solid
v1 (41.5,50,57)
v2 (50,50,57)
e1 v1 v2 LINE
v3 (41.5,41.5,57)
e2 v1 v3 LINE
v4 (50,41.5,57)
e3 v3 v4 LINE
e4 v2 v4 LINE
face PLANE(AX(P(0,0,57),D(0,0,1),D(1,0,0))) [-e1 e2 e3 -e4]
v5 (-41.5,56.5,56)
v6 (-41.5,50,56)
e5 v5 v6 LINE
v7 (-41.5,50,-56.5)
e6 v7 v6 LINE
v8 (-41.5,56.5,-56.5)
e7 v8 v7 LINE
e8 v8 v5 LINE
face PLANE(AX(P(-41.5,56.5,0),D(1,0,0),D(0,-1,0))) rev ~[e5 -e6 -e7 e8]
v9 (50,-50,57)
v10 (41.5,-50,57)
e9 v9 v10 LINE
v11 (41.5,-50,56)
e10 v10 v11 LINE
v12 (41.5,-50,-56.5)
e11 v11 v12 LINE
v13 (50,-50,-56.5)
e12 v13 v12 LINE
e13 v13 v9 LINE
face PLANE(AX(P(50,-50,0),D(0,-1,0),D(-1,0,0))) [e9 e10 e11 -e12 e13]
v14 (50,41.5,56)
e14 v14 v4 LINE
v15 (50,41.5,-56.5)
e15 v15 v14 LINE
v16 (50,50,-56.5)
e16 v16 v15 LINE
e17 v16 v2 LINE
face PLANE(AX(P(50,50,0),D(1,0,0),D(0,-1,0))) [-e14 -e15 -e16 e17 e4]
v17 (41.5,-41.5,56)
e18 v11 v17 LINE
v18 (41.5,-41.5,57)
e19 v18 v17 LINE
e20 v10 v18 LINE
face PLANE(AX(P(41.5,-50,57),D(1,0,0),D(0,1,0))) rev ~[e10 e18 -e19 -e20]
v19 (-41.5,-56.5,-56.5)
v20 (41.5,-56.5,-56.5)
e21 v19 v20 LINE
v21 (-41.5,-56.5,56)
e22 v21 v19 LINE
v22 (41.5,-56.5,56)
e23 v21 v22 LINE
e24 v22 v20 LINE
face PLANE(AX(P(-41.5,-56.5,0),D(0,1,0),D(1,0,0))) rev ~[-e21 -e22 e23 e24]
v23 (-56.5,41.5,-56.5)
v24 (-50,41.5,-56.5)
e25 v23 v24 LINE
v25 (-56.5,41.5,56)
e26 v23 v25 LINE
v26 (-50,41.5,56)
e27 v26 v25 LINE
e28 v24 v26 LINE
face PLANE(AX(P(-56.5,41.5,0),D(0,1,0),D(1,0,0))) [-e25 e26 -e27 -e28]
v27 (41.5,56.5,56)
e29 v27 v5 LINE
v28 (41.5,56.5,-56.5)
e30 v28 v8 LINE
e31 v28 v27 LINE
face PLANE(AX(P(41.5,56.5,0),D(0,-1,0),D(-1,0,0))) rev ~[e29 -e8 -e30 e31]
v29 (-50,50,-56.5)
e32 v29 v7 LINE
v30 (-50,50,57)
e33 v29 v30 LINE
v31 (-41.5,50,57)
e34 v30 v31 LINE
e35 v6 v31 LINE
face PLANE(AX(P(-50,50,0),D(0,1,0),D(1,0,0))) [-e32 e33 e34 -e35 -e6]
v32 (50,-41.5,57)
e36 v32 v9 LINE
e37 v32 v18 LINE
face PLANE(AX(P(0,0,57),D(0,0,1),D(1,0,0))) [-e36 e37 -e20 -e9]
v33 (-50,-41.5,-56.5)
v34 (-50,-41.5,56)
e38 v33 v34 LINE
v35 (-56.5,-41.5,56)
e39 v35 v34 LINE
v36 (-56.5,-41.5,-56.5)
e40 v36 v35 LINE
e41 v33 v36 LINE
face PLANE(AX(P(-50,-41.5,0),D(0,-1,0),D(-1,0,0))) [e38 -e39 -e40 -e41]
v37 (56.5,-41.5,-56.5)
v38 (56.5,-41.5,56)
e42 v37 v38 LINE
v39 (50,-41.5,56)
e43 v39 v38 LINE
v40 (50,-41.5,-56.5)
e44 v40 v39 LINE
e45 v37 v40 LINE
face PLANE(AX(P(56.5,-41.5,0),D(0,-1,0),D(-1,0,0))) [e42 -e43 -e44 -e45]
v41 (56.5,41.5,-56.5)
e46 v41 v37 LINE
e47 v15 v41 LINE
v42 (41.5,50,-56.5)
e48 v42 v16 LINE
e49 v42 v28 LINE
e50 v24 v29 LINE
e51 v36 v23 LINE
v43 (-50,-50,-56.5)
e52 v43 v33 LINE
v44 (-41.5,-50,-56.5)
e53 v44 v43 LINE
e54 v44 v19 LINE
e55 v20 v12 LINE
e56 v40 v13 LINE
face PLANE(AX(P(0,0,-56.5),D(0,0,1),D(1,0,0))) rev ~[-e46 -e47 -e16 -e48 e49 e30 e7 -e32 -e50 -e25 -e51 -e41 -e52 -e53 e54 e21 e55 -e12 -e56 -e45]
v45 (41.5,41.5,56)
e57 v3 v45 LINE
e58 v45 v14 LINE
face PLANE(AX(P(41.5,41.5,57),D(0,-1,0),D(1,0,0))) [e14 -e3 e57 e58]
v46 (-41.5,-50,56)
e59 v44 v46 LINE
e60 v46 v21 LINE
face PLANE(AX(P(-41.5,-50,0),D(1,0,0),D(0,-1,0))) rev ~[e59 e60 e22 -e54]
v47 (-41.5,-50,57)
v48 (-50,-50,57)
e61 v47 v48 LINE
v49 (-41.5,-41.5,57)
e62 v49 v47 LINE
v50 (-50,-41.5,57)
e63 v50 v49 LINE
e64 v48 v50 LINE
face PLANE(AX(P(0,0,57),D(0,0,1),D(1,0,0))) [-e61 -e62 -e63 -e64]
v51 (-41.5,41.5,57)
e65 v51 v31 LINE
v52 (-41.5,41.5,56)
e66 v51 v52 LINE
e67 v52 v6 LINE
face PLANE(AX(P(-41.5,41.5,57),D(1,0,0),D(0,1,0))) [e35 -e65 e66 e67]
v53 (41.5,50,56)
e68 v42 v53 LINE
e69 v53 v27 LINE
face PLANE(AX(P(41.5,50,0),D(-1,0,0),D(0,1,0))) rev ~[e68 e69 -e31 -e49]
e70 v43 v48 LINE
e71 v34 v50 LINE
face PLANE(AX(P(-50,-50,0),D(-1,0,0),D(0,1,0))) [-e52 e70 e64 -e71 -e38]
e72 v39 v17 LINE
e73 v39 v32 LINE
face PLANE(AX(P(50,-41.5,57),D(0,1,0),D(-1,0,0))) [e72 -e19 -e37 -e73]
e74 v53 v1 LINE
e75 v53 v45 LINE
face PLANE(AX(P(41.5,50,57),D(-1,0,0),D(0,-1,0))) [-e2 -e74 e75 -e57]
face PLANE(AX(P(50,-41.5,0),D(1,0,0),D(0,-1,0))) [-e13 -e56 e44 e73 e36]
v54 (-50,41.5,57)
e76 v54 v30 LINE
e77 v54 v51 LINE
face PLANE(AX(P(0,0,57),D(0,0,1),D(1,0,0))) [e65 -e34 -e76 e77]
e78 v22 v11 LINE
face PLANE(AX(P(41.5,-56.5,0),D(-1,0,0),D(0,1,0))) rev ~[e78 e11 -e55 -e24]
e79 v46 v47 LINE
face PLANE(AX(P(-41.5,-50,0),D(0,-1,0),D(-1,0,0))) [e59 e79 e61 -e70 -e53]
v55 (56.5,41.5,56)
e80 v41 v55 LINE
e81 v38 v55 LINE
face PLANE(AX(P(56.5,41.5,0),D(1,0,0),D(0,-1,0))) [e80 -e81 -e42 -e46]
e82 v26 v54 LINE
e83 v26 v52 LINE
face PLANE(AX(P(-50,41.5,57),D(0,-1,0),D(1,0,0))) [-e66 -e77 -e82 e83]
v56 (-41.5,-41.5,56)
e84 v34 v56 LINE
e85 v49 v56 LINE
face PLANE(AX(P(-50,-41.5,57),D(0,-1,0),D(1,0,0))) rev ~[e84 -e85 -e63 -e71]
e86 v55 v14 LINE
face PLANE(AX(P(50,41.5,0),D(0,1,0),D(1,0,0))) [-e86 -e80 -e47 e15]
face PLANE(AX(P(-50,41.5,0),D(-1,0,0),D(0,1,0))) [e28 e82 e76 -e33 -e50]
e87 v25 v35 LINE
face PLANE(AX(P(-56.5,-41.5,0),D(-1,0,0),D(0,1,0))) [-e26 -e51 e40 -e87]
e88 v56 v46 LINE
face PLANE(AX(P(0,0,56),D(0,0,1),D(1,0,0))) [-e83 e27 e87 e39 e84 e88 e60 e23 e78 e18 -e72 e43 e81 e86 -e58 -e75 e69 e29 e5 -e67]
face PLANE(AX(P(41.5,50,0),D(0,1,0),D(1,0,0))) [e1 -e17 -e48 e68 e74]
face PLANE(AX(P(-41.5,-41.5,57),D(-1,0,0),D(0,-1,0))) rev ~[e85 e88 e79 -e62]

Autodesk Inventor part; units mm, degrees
ref_plane "YZ Plane" through (0, 0, 0) normal (1, 0, 0) x (0, 1, 0)
ref_plane "XZ Plane" through (0, 0, 0) normal (0, 1, 0) x (-1, 0, 0)
ref_plane "XY Plane" through (0, 0, 0) normal (0, 0, 1) x (1, 0, 0)
sketch "Sketch1" plane through (0, 0, 0) normal (0, 0, 1) x (1, 0, 0)
  line L0 (50, -50) -> (-50, -50)
  line L1 (-50, -50) -> (-50, 50)
  line L2 (-50, 50) -> (50, 50)
  line L3 (50, 50) -> (50, -50)
  line L4 (50, -50) -> (-50, 50) construction
  line L5 (-50, -50) -> (50, 50) construction
  line L6 (-50, -41.5) -> (-56.5, -41.5)
  line L7 (-56.5, -41.5) -> (-56.5, 41.5)
  line L8 (-56.5, 41.5) -> (-50, 41.5)
  line L9 (-50, 41.5) -> (-50, -41.5)
  line L10 (-41.5, 50) -> (41.5, 50)
  line L11 (41.5, 50) -> (41.5, 56.5)
  line L12 (41.5, 56.5) -> (-41.5, 56.5)
  line L13 (-41.5, 56.5) -> (-41.5, 50)
  line L14 (50, 41.5) -> (56.5, 41.5)
  line L15 (56.5, 41.5) -> (56.5, -41.5)
  line L16 (56.5, -41.5) -> (50, -41.5)
  line L17 (50, -41.5) -> (50, 41.5)
  line L18 (41.5, -50) -> (-41.5, -50)
  line L19 (-41.5, -50) -> (-41.5, -56.5)
  line L20 (-41.5, -56.5) -> (41.5, -56.5)
  line L21 (41.5, -56.5) -> (41.5, -50)
  point P0 (0, 0)
  point P1 (-50, 0)
  point P2 (0, 50)
  point P3 (50, 0)
  point P4 (0, -50)
  dimension "d0" = 100
  dimension "d1" = 6.5
  dimension "d2" = 8.5
extrude "Extrusion1" add sketch "Sketch1" along normal blind 57 and the other way blind 56.5
sketch "Sketch2" plane through (0, 0, 57) normal (0, 0, 1) x (1, 0, 0)
  line L0 (-41.5, -50) -> (-41.5, -56.5) projected
  line L1 (-41.5, -56.5) -> (41.5, -56.5) projected
  line L2 (41.5, -56.5) -> (41.5, -50) projected
  line L3 (41.5, -50) -> (50, -50) projected
  line L4 (50, -50) -> (50, -41.5) projected
  line L5 (50, -41.5) -> (56.5, -41.5) projected
  line L6 (56.5, -41.5) -> (56.5, 41.5) projected
  line L7 (56.5, 41.5) -> (50, 41.5) projected
  line L8 (50, 41.5) -> (50, 50) projected
  line L9 (50, 50) -> (41.5, 50) projected
  line L10 (41.5, 50) -> (41.5, 56.5) projected
  line L11 (41.5, 56.5) -> (-41.5, 56.5) projected
  line L12 (-41.5, 56.5) -> (-41.5, 50) projected
  line L13 (-41.5, 50) -> (-50, 50) projected
  line L14 (-50, 50) -> (-50, 41.5) projected
  line L15 (-50, 41.5) -> (-56.5, 41.5) projected
  line L16 (-56.5, 41.5) -> (-56.5, -41.5) projected
  line L17 (-56.5, -41.5) -> (-50, -41.5) projected
  line L18 (-50, -41.5) -> (-50, -50) projected
  line L19 (-50, -50) -> (-41.5, -50) projected
  line L20 (-50, -41.5) -> (-50, -50) projected
  line L21 (-50, -41.5) -> (-41.5, -41.5)
  line L22 (-41.5, -41.5) -> (-41.5, -50)
  line L23 (-50, 50) -> (-50, 41.5) projected
  line L24 (-50, 41.5) -> (-41.5, 41.5)
  line L25 (-41.5, 41.5) -> (-41.5, 50)
  line L26 (41.5, 56.5) -> (41.5, 50) projected
  line L27 (41.5, 50) -> (41.5, 41.5)
  line L28 (41.5, 41.5) -> (50, 41.5)
  line L29 (41.5, -50) -> (41.5, -41.5)
  line L30 (50, -41.5) -> (56.5, -41.5) projected
  line L31 (50, -41.5) -> (41.5, -41.5)
  point P0 (0, 0)
extrude "Extrusion2" cut sketch "Sketch2" against normal blind 1 contours L22 L21 L17 L16 L15 L24 L25 L12 L11 L10 L27 L28 L7 L6 L5 L31 L29 L2 L1 L0
sketch "Sketch3" plane through (56.5, -41.5, -56.5) normal (1, 0, 0) x (0, 0, -1)
  line L0 (-112.5, 83) -> (-112.5, 0) projected
  line L1 (0, 0) -> (-112.5, 0) projected
  line L2 (0, 83) -> (0, 0) projected
  line L3 (0, 83) -> (-112.5, 83) projected
  line L4 (-86.5, 5.25) -> (0, 5.25)
  line L5 (0, 5.25) -> (0, 77.75)
  line L6 (0, 77.75) -> (-86.5, 77.75)
  line L7 (-86.5, 77.75) -> (-86.5, 5.25)
  line L8 (0, 83) -> (0, 0) projected
  point P0 (-56.5, 41.5)
  point P1 (0, 41.5)
  dimension "d9" = 72.5
  dimension "d10" = 86.5
split_face "Split1"
sketch "Sketch4" plane through (0, 0, -56.5) normal (0, 0, -1) x (-1, 0, 0)
  line L0 (41.5, -56.5) -> (41.5, -50) projected
  line L1 (-41.5, -56.5) -> (41.5, -56.5) projected
  line L2 (-41.5, -50) -> (-41.5, -56.5) projected
  line L3 (-41.5, -41.5) -> (-41.5, -50) projected
  line L4 (-50, -41.5) -> (-41.5, -41.5) projected
  line L5 (-56.5, -41.5) -> (-50, -41.5) projected
  line L6 (-56.5, 41.5) -> (-56.5, -41.5) projected
  line L7 (-50, 41.5) -> (-56.5, 41.5) projected
  line L8 (-41.5, 41.5) -> (-50, 41.5) projected
  line L9 (-41.5, 50) -> (-41.5, 41.5) projected
  line L10 (-41.5, 56.5) -> (-41.5, 50) projected
  line L11 (41.5, 56.5) -> (-41.5, 56.5) projected
  line L12 (41.5, 50) -> (41.5, 56.5) projected
  line L13 (41.5, 41.5) -> (41.5, 50) projected
  line L14 (50, 41.5) -> (41.5, 41.5) projected
  line L15 (56.5, 41.5) -> (50, 41.5) projected
  line L16 (56.5, -41.5) -> (56.5, 41.5) projected
  line L17 (50, -41.5) -> (56.5, -41.5) projected
  line L18 (41.5, -41.5) -> (50, -41.5) projected
  line L19 (41.5, -50) -> (41.5, -41.5) projected
  point P0 (0, 0)
split_face "Split2"
properties part number "CubeSatStandard" material "Aluminum 6061"
